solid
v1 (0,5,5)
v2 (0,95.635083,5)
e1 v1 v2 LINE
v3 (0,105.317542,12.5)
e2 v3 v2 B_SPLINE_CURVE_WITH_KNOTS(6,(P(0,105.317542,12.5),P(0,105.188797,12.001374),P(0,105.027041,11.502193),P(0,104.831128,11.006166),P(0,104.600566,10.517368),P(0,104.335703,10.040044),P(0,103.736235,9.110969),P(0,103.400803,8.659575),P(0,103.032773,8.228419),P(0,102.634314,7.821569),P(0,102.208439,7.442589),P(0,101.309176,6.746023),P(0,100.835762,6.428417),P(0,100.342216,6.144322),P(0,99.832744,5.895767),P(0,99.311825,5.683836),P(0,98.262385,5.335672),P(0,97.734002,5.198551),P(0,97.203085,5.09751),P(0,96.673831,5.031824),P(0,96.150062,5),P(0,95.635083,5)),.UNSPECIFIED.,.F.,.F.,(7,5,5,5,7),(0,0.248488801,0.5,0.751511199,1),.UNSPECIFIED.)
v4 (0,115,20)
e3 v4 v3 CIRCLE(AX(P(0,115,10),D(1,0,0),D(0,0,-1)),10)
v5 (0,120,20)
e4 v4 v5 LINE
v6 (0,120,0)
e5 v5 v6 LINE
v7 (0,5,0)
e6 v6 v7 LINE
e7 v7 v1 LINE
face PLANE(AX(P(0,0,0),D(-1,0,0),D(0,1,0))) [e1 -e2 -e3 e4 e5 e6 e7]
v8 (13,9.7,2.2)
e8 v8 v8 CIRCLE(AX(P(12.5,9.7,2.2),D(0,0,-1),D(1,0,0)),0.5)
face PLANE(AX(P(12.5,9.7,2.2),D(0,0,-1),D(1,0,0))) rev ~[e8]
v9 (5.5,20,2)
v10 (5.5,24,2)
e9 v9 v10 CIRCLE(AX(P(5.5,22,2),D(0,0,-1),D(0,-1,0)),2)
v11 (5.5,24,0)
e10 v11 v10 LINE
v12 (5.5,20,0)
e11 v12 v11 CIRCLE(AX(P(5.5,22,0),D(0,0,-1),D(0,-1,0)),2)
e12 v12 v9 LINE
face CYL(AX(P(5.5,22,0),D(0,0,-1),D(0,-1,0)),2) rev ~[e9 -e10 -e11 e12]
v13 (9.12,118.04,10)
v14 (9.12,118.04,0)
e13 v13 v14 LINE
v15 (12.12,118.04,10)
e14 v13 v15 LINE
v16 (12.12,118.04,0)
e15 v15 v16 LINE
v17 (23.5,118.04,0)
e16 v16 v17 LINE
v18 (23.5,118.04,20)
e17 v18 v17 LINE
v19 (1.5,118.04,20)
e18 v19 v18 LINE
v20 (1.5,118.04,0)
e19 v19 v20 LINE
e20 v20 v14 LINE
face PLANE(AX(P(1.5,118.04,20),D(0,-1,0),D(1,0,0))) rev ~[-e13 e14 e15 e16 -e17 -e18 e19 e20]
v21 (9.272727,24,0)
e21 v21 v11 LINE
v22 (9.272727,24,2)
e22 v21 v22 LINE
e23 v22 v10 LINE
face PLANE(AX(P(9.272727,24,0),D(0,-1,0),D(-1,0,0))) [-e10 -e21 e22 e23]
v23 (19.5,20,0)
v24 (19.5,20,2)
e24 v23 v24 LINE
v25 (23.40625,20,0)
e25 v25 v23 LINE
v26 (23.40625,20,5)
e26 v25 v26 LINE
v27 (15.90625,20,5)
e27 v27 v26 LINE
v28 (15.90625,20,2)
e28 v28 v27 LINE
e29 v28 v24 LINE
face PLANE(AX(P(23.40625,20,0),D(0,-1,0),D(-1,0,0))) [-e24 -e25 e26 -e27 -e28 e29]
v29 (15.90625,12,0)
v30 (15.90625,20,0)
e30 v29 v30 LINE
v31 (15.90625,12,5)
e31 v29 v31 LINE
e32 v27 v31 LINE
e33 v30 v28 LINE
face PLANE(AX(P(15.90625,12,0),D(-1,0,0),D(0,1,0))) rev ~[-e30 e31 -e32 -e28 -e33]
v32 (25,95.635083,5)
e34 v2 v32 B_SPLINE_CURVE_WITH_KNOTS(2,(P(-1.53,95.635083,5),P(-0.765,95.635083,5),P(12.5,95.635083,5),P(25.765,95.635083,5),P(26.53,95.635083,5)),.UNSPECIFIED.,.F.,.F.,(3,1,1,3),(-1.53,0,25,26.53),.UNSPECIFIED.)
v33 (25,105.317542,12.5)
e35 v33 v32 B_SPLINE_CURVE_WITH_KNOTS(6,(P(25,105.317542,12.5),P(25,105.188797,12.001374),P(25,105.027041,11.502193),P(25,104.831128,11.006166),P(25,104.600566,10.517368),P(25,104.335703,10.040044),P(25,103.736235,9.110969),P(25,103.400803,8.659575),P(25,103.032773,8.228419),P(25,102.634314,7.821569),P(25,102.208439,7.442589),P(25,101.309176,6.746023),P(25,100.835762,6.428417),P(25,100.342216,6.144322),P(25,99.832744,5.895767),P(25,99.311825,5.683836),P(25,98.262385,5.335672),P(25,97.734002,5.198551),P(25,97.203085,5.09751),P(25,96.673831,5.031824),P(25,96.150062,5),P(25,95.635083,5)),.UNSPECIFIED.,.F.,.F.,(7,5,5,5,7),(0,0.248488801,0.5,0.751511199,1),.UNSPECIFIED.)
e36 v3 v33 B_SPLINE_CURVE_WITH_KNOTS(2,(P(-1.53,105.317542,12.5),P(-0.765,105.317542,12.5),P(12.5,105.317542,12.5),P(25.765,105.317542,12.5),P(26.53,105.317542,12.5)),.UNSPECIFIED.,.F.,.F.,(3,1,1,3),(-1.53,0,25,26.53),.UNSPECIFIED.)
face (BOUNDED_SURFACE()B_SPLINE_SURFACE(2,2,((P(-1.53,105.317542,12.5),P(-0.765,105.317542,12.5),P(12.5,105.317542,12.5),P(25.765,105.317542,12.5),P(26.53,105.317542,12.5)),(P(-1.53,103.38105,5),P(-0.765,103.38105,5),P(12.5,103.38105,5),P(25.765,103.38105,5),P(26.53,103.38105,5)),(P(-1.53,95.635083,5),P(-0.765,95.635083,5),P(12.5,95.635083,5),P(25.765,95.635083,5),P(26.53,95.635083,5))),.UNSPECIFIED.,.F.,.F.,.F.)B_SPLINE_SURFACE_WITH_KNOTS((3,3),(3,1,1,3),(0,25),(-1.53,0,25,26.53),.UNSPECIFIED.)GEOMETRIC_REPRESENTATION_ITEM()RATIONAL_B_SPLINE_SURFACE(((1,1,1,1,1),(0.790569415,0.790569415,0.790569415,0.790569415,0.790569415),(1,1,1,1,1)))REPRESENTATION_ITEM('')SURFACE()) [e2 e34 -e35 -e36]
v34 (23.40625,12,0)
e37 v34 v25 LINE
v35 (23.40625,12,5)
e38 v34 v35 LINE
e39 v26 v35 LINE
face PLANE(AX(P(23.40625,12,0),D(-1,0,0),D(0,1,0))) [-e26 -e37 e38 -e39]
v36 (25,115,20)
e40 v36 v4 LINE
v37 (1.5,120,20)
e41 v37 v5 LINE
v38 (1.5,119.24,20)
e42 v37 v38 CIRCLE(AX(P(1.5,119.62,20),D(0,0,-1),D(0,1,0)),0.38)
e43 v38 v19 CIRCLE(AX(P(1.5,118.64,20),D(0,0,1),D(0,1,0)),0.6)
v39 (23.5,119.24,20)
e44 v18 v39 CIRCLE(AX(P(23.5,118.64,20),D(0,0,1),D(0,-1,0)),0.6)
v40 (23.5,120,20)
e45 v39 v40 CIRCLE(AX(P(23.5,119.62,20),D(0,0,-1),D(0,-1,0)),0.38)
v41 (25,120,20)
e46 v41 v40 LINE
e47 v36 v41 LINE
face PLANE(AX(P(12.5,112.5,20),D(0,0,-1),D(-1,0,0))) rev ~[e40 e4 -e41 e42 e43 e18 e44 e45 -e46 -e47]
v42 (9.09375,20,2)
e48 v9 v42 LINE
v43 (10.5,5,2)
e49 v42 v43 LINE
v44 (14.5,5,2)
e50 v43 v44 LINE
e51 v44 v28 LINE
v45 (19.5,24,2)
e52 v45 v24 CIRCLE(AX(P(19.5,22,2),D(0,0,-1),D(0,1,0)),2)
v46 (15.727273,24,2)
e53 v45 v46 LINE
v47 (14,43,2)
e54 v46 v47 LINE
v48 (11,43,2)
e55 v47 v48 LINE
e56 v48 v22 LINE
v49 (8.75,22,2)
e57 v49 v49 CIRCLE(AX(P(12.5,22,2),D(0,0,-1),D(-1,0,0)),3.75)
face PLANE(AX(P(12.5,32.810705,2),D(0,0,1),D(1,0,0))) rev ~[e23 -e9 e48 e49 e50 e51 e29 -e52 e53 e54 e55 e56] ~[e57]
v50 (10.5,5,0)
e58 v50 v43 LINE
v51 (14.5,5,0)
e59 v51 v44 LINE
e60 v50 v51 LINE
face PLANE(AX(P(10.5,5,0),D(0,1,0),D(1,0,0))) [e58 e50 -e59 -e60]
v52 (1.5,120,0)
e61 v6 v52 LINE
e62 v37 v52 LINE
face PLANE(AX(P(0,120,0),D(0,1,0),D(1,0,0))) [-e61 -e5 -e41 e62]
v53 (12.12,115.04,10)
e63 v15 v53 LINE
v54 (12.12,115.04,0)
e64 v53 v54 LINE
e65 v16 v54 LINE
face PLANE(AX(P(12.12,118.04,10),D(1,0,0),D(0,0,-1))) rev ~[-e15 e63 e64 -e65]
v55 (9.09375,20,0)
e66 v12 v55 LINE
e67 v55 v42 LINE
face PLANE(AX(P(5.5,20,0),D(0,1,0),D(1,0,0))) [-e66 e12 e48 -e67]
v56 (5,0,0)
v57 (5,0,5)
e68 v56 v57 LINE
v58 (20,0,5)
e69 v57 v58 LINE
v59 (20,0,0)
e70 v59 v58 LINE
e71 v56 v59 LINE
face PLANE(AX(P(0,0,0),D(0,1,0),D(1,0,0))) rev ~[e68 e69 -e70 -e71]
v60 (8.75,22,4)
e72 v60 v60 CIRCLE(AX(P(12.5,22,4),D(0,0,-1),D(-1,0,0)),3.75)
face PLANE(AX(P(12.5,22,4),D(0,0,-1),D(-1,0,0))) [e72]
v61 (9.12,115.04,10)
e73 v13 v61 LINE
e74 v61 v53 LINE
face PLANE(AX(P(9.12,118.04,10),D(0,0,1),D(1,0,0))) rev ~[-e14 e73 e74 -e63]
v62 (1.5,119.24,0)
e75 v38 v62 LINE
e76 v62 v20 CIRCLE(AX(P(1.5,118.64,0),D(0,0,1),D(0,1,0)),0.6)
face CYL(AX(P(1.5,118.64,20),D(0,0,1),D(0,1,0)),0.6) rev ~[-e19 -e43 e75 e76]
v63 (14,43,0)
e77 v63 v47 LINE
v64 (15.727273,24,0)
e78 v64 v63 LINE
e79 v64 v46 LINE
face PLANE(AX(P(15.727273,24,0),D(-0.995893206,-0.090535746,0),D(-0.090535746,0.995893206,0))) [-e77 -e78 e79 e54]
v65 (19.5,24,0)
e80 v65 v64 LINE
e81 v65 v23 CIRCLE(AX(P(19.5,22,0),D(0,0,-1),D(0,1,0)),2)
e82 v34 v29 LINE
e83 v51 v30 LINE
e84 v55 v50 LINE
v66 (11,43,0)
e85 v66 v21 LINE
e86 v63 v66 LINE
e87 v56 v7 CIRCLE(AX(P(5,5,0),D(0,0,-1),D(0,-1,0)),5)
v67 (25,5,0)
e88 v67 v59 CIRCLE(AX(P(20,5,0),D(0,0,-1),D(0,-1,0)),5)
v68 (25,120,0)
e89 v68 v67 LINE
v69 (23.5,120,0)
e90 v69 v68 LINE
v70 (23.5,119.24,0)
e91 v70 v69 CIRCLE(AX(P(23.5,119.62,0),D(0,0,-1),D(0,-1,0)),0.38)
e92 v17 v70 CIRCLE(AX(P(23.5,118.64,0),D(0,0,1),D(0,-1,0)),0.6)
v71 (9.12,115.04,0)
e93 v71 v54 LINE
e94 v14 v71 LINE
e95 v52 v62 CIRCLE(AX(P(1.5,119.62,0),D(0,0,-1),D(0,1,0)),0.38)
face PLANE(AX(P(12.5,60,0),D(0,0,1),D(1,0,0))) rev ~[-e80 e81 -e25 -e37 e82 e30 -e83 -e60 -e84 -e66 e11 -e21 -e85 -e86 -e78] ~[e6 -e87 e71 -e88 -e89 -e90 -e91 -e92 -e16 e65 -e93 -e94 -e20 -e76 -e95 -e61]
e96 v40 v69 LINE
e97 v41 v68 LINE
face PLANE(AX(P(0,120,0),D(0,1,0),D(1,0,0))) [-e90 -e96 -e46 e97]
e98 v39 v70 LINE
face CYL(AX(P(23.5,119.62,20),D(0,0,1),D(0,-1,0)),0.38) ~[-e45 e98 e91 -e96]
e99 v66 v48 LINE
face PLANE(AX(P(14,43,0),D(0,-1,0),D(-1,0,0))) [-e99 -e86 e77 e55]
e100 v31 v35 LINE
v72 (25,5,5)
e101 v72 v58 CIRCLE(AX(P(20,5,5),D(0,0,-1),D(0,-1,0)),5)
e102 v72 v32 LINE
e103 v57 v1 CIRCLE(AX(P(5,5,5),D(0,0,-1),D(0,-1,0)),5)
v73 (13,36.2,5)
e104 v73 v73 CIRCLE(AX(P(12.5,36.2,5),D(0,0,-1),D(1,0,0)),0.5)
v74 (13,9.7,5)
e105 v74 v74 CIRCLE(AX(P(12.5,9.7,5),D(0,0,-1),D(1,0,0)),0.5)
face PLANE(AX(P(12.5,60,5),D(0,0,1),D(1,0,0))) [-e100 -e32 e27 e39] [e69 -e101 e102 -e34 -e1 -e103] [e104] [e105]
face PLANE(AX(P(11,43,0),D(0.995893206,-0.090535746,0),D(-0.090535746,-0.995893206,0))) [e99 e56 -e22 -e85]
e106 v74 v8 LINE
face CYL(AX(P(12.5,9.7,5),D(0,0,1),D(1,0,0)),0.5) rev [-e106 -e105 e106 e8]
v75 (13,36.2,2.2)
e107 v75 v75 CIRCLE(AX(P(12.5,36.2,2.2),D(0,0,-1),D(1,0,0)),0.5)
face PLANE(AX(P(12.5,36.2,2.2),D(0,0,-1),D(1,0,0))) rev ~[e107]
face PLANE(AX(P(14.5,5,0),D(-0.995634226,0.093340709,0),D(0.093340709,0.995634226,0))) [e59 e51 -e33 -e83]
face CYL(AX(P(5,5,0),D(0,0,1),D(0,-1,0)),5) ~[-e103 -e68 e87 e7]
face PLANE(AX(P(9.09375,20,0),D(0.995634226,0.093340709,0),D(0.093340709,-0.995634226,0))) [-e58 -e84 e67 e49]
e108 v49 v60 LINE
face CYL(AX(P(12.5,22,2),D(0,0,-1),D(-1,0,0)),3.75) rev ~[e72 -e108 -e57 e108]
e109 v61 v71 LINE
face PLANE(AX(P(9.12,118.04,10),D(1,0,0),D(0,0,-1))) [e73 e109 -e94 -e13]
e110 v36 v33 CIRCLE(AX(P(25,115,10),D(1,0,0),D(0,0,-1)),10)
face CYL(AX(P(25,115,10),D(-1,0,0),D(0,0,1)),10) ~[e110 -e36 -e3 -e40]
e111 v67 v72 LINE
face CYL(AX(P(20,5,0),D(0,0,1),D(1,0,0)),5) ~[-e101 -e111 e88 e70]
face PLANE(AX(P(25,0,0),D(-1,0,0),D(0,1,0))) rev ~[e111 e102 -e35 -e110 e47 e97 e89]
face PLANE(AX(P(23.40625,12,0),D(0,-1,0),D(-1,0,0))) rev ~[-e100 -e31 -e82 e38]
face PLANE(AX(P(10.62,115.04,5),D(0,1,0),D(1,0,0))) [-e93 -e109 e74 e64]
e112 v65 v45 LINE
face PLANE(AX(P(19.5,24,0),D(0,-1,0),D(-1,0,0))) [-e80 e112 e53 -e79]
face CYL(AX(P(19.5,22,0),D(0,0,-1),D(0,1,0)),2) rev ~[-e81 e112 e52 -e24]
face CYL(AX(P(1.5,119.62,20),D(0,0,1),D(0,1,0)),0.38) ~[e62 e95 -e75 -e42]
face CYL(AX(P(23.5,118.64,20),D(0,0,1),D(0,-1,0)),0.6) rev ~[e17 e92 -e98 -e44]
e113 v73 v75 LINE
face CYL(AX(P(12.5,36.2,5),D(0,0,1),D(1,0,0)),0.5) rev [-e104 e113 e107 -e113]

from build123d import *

# Parameters (mm, degrees)
SKICA1_W                 = 25
SKICA1_H                 = 120
P_IDAT_VYSUNUT_M1_DEPTH  = 5
SKICA2_W                 = 25
SKICA2_H                 = 15
P_IDAT_VYSUNUT_M2_DEPTH  = 20
ZAOBLIT5_R               = 5
ZAOBLIT6_R               = 5
ODEBRAT_VYSUNUT_M2_DEPTH = 20
ZAOBLIT7_R               = 10
ZAOBLIT8_R               = 10
SKICA4_W                 = 3
SKICA4_H                 = 10
ODEBRAT_VYSUNUT_M3_DEPTH = 3
ODEBRAT_VYSUNUT_M4_DEPTH = 2
ODEBRAT_START            = -3
SKICA7_R                 = 0.5
ODEBRAT_VYSUNUT_M5_DEPTH = 2.8
SKICA8_R                 = 3.75
ODEBRAT_VYSUNUT_M6_DEPTH = 2
SKICA9_W                 = 7.5
SKICA9_H                 = 8
ODEBRAT_VYSUNUT_M7_DEPTH = 125.197423617


with BuildPart() as part:
    # Skica1 → Přidat vysunutím1 (new body)
    with BuildSketch(Plane.XY):
        with Locations((12.5, 60)):
            Rectangle(SKICA1_W, SKICA1_H)
    extrude(amount=P_IDAT_VYSUNUT_M1_DEPTH)

    # Skica2 → Přidat vysunutím2 (add)
    with BuildSketch(Plane(origin=(0, 0, 0), x_dir=(-1, 0, 0), z_dir=(0, 0, -1))):
        with Locations((-12.5, 112.5)):
            Rectangle(SKICA2_W, SKICA2_H)
    extrude(amount=-P_IDAT_VYSUNUT_M2_DEPTH)

    # Zaoblit5
    zaoblit5_edges = [part.edges().sort_by_distance(p)[0] for p in [
        (25, 0, 2.5),
    ]]
    fillet(zaoblit5_edges, radius=ZAOBLIT5_R)

    # Zaoblit6
    zaoblit6_edges = [part.edges().sort_by_distance(p)[0] for p in [
        (0, 0, 2.5),
    ]]
    fillet(zaoblit6_edges, radius=ZAOBLIT6_R)

    # Skica3 → Odebrat vysunutím2 (cut)
    with BuildSketch(Plane.XY.offset(20)):
        with BuildLine():
            Line((1.5, 118.04), (23.5, 118.04))
            ThreePointArc((23.5, 118.04), (24.1, 118.64), (23.5, 119.24))
            ThreePointArc((23.5, 119.24), (23.12, 119.62), (23.5, 120))
            Line((23.5, 120), (1.5, 120))
            ThreePointArc((1.5, 120), (1.88, 119.62), (1.5, 119.24))
            ThreePointArc((1.5, 119.24), (0.9, 118.64), (1.5, 118.04))
        make_face()
    extrude(amount=-ODEBRAT_VYSUNUT_M2_DEPTH, mode=Mode.SUBTRACT)

    # Zaoblit7
    zaoblit7_edges = [part.edges().sort_by_distance(p)[0] for p in [
        (12.5, 105, 20),
    ]]
    fillet(zaoblit7_edges, radius=ZAOBLIT7_R)

    # Zaoblit8
    zaoblit8_edges = [part.edges().sort_by_distance(p)[0] for p in [
        (12.5, 105, 5),
    ]]
    fillet(zaoblit8_edges, radius=ZAOBLIT8_R)

    # Skica4 → Odebrat vysunutím3 (cut)
    with BuildSketch(Plane(origin=(0, 118.04, 0), x_dir=(1, 0, 0), z_dir=(0, 1, 0))):
        with Locations((10.62, -5)):
            Rectangle(SKICA4_W, SKICA4_H)
    extrude(amount=-ODEBRAT_VYSUNUT_M3_DEPTH, mode=Mode.SUBTRACT)

    # Skica5 → Odebrat vysunutím4 (cut)
    with BuildSketch(Plane.XY):
        Polygon((11, 43), (9.272727273, 24), (15.727272727, 24), (14, 43), align=None)
        with BuildLine():
            Line((5.5, 24), (5.5, 20))
            ThreePointArc((5.5, 20), (3.5, 22), (5.5, 24))
        make_face()
        Polygon((9.09375, 20), (9, 21), (9.272727273, 24), (5.5, 24), (5.5, 20), align=None)
        Polygon((9.272727273, 24), (9, 21), (16, 21), (15.727272727, 24), align=None)
        Polygon((16, 21), (9, 21), (9.09375, 20), (15.90625, 20), align=None)
        Polygon((15.727272727, 24), (16, 21), (15.90625, 20), (19.5, 20), (19.5, 24), align=None)
        with BuildLine():
            ThreePointArc((19.5, 24), (21.5, 22), (19.5, 20))
            Line((19.5, 20), (19.5, 24))
        make_face()
        Polygon((15.90625, 20), (9.09375, 20), (10.5, 5), (14.5, 5), align=None)
    extrude(amount=ODEBRAT_VYSUNUT_M4_DEPTH, mode=Mode.SUBTRACT)

    # Skica7 → Odebrat vysunutím5 (cut)
    with BuildSketch(Plane(origin=(0, 0, 2), x_dir=(-1, 0, 0), z_dir=(0, 0, -1)).offset(ODEBRAT_START)):
        with Locations(Location((-12.5, 36.2, 0), (0, 0, 180))):
            Circle(SKICA7_R)
        with Locations(Location((-12.5, 9.7, 0), (0, 0, 180))):
            Circle(SKICA7_R)
    extrude(amount=ODEBRAT_VYSUNUT_M5_DEPTH, mode=Mode.SUBTRACT)

    # Skica8 → Odebrat vysunutím6 (cut)
    with BuildSketch(Plane(origin=(0, 0, 2), x_dir=(-1, 0, 0), z_dir=(0, 0, -1))):
        with Locations((-12.5, 22)):
            Circle(SKICA8_R)
    extrude(amount=-ODEBRAT_VYSUNUT_M6_DEPTH, mode=Mode.SUBTRACT)

    # Skica9 → Odebrat vysunutím7 (cut, through all)
    with BuildSketch(Plane(origin=(0, 0, 0), x_dir=(-1, 0, 0), z_dir=(0, 0, -1))):
        with Locations((-19.65625, 16)):
            Rectangle(SKICA9_W, SKICA9_H)
    extrude(amount=-ODEBRAT_VYSUNUT_M7_DEPTH, mode=Mode.SUBTRACT)


solid = part.part
